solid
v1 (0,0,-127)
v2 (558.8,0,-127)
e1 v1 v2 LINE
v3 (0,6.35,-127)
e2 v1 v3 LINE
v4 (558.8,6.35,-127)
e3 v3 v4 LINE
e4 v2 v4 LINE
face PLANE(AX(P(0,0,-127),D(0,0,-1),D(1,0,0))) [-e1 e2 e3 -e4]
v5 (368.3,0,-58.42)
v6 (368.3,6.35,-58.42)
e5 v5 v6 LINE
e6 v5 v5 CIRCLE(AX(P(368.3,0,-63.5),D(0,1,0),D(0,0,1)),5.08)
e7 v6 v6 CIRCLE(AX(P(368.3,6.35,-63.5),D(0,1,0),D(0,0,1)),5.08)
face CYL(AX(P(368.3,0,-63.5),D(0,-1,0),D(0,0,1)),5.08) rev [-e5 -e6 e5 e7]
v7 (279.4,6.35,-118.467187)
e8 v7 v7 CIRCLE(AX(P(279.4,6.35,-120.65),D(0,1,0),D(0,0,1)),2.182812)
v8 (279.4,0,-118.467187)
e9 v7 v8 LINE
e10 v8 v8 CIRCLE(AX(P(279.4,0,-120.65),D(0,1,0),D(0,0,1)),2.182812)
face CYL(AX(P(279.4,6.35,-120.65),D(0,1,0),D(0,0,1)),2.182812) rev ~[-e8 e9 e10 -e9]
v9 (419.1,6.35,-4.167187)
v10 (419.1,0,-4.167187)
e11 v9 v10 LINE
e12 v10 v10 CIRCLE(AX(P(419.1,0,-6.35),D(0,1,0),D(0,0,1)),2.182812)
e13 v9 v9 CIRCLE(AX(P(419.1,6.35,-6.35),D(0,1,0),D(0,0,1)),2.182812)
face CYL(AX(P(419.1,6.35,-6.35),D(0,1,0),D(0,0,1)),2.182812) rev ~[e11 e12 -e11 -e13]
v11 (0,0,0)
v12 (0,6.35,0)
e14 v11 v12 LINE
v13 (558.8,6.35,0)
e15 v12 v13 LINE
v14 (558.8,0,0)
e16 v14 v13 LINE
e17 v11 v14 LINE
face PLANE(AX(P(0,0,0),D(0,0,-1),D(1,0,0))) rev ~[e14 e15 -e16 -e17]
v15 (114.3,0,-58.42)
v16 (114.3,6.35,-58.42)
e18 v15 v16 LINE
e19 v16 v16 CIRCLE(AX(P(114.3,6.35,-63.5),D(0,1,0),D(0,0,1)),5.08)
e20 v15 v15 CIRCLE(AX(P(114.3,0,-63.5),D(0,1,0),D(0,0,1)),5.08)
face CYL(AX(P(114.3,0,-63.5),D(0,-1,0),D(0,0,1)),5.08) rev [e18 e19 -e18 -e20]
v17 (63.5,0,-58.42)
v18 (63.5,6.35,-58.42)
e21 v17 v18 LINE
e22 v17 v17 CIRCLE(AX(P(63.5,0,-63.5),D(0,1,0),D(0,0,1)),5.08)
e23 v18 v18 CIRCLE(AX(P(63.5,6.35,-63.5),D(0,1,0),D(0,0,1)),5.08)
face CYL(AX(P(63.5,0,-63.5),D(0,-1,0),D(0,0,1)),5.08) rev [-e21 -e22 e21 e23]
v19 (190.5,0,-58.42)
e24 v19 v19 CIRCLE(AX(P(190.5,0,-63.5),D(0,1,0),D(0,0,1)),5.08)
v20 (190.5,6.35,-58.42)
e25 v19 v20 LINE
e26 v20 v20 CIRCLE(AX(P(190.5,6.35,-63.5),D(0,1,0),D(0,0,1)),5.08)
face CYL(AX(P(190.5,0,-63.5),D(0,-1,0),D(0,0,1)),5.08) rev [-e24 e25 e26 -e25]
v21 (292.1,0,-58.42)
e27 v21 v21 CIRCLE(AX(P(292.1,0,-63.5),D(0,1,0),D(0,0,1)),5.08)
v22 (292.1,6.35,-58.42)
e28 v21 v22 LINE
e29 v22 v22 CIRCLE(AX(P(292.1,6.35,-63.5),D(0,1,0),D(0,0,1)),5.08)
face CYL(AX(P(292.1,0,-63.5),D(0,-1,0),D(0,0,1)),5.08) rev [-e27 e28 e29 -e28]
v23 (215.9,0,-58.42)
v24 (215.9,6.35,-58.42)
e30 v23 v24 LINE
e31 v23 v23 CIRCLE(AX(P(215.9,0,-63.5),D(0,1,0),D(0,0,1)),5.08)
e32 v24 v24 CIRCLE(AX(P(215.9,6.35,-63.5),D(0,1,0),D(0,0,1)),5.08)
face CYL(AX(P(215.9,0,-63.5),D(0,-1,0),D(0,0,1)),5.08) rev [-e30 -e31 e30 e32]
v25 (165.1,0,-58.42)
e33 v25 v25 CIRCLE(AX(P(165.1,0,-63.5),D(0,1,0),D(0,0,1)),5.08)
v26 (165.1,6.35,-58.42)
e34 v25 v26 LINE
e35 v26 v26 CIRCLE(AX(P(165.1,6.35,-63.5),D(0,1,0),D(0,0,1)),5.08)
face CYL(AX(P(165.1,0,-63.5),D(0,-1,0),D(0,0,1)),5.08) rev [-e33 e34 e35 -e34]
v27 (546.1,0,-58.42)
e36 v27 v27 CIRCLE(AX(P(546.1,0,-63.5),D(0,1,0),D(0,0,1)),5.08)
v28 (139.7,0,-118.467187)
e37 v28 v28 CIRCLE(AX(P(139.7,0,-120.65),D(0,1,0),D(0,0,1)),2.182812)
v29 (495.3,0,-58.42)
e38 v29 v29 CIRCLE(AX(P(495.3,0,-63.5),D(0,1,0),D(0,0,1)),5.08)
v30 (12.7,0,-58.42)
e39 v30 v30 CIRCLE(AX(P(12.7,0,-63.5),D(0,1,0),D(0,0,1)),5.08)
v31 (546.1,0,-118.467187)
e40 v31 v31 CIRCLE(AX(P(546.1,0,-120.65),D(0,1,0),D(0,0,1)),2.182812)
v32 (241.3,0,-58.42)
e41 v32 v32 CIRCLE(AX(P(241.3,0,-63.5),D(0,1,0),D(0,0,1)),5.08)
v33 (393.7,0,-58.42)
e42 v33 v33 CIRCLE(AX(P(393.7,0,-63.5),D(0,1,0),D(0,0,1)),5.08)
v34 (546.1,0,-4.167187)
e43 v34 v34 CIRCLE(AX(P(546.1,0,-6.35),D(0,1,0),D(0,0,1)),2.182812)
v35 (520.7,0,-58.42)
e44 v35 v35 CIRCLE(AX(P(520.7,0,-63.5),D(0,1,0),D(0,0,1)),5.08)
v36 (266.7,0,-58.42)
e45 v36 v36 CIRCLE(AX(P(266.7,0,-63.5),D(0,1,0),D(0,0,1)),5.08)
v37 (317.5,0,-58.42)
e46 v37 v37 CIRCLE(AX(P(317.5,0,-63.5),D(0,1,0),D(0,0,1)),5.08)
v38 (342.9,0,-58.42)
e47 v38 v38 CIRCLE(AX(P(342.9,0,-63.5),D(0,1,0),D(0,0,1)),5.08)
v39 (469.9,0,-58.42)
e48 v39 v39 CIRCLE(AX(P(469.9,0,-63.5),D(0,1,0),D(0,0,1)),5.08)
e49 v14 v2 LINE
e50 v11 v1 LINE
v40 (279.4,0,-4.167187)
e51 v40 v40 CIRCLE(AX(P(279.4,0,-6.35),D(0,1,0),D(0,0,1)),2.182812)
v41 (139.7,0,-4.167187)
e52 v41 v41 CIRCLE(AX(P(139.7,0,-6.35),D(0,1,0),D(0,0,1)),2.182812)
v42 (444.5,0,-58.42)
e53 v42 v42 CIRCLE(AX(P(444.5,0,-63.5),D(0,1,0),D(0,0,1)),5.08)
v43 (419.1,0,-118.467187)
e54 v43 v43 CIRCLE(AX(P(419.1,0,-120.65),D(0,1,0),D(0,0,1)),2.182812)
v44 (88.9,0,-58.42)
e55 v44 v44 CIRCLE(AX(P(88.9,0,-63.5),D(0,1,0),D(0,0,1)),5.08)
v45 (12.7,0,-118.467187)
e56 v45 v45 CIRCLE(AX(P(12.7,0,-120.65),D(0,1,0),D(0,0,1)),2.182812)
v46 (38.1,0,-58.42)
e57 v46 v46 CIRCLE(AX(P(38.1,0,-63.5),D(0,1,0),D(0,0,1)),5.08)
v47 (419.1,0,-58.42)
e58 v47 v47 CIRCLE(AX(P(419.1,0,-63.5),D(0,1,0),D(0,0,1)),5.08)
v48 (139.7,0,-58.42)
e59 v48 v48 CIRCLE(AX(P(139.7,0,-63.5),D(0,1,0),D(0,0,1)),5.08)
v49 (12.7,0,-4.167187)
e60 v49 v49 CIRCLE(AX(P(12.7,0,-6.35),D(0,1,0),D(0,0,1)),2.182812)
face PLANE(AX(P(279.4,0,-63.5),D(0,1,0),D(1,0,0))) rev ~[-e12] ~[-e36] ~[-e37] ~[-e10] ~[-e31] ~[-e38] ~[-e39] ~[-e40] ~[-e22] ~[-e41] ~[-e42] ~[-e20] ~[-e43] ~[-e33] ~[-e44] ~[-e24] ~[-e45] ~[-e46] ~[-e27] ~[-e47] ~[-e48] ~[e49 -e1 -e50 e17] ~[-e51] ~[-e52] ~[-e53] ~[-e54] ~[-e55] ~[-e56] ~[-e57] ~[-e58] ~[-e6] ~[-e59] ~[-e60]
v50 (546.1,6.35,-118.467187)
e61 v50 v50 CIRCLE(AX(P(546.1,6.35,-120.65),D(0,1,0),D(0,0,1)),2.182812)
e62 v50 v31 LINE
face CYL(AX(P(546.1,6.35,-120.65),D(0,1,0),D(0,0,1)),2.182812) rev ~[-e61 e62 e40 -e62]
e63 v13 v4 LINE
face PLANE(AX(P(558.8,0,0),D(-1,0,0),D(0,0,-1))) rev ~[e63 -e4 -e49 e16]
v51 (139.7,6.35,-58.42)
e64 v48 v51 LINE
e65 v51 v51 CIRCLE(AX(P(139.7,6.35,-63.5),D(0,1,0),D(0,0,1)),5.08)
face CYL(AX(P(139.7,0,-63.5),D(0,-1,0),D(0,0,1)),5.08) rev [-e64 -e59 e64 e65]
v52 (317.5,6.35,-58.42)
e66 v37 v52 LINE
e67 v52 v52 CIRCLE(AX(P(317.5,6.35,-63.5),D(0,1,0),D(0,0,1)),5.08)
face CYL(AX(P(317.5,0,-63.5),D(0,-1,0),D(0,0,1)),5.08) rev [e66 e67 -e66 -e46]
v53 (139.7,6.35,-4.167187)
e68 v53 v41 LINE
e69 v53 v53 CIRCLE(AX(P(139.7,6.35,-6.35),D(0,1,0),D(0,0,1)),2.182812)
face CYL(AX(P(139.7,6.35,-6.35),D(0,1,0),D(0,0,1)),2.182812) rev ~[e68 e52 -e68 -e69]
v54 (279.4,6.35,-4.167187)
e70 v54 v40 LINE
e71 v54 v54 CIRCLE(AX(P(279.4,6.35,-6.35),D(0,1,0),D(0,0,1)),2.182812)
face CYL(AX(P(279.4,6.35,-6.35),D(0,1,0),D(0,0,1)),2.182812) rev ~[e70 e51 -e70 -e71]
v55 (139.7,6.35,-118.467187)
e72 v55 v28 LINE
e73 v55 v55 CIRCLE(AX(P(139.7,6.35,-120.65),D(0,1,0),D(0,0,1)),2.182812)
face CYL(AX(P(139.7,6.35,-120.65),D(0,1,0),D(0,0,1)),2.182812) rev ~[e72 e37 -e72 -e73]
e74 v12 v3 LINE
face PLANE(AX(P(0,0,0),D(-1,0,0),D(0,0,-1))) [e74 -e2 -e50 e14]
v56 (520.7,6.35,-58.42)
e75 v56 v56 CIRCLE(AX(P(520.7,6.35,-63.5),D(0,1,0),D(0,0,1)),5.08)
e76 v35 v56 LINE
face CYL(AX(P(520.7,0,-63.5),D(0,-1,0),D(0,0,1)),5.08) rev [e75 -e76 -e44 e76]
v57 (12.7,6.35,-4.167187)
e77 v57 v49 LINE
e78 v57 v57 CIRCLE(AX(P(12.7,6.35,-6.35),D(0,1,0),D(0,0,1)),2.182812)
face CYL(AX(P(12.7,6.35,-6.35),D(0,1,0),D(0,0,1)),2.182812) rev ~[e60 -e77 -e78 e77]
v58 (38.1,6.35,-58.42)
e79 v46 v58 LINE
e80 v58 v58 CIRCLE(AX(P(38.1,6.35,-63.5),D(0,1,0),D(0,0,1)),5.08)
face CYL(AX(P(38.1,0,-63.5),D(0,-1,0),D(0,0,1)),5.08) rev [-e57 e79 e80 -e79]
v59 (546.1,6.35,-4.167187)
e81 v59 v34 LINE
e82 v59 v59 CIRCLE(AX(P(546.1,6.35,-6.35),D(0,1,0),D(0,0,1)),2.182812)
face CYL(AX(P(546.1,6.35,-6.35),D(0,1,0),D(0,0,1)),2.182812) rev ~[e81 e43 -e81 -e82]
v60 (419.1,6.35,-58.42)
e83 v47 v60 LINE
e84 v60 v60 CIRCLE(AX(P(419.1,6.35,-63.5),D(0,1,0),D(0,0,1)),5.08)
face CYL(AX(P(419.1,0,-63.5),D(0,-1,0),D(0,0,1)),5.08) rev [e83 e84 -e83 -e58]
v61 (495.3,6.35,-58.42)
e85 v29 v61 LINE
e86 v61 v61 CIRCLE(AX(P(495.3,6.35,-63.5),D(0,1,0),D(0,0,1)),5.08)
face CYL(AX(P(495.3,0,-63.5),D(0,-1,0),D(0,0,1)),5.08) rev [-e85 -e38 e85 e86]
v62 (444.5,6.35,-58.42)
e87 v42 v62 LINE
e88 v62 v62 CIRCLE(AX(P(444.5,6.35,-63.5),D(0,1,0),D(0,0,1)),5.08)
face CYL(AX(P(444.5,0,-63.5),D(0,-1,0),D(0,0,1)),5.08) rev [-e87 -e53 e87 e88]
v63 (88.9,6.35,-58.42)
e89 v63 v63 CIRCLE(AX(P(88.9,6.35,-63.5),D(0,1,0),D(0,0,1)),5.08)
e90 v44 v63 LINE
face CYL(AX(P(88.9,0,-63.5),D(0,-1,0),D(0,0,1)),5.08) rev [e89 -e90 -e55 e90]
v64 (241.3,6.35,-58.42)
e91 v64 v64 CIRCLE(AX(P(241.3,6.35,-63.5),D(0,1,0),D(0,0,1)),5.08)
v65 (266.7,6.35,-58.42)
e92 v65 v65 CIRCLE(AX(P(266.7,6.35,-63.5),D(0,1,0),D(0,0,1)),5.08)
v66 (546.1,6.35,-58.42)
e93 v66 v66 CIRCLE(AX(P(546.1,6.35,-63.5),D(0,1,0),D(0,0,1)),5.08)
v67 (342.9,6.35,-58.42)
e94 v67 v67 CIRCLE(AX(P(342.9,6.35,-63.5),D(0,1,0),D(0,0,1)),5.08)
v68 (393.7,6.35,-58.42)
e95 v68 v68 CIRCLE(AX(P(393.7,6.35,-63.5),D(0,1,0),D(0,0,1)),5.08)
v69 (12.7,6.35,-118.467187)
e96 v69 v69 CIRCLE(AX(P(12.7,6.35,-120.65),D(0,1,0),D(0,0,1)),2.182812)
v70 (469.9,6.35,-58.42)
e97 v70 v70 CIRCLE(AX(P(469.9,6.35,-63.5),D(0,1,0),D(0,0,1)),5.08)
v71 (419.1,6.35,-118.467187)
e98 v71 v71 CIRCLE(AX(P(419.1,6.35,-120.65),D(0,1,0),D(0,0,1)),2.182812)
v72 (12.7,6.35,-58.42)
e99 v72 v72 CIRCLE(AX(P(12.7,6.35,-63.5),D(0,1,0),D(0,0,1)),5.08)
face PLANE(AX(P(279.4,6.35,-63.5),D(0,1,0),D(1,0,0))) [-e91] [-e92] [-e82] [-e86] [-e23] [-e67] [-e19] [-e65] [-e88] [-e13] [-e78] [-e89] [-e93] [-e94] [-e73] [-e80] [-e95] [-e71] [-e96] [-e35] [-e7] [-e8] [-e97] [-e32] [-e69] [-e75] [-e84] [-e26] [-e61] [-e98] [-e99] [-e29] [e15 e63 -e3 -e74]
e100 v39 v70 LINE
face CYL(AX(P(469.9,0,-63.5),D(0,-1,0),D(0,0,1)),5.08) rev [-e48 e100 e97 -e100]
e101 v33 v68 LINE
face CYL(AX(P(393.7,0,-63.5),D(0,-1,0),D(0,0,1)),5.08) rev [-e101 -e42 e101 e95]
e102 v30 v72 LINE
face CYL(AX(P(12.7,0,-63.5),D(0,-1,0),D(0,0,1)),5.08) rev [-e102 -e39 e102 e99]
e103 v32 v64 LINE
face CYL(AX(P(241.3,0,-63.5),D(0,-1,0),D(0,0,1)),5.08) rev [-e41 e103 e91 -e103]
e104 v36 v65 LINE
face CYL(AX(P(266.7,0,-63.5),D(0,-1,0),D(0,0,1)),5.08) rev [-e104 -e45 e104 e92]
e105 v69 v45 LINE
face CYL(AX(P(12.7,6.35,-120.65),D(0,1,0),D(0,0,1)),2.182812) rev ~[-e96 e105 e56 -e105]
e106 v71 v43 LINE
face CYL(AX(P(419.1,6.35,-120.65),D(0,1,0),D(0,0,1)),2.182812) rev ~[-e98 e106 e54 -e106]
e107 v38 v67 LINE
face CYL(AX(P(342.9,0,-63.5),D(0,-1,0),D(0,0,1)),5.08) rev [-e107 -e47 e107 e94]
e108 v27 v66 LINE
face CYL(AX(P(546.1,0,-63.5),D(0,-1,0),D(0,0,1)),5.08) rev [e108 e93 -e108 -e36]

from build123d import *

# Parameters (mm, degrees)
SKETCH2_W           = 558.8
SKETCH2_H           = 127
SKETCH2_R           = 5.08
BOSS_EXTRUDE1_DEPTH = 6.35
SKETCH3_R           = 2.1828125
CUT_EXTRUDE1_DEPTH  = 6.35


with BuildPart() as part:
    # Sketch2 → Boss-Extrude1 (new body)
    with BuildSketch(Plane(origin=(0, 0, 0), x_dir=(1, 0, 0), z_dir=(0, 1, 0))):
        with Locations((279.4, 63.5)):
            Rectangle(SKETCH2_W, SKETCH2_H)
        with Locations(Location((12.7, 63.5, 0), (0, 0, 270))):
            Circle(SKETCH2_R, mode=Mode.SUBTRACT)
        with Locations(Location((38.1, 63.5, 0), (0, 0, 270))):
            Circle(SKETCH2_R, mode=Mode.SUBTRACT)
        with Locations(Location((63.5, 63.5, 0), (0, 0, 270))):
            Circle(SKETCH2_R, mode=Mode.SUBTRACT)
        with Locations(Location((88.9, 63.5, 0), (0, 0, 270))):
            Circle(SKETCH2_R, mode=Mode.SUBTRACT)
        with Locations(Location((114.3, 63.5, 0), (0, 0, 270))):
            Circle(SKETCH2_R, mode=Mode.SUBTRACT)
        with Locations(Location((139.7, 63.5, 0), (0, 0, 270))):
            Circle(SKETCH2_R, mode=Mode.SUBTRACT)
        with Locations(Location((165.1, 63.5, 0), (0, 0, 270))):
            Circle(SKETCH2_R, mode=Mode.SUBTRACT)
        with Locations(Location((190.5, 63.5, 0), (0, 0, 270))):
            Circle(SKETCH2_R, mode=Mode.SUBTRACT)
        with Locations(Location((215.9, 63.5, 0), (0, 0, 270))):
            Circle(SKETCH2_R, mode=Mode.SUBTRACT)
        with Locations(Location((241.3, 63.5, 0), (0, 0, 270))):
            Circle(SKETCH2_R, mode=Mode.SUBTRACT)
        with Locations(Location((266.7, 63.5, 0), (0, 0, 270))):
            Circle(SKETCH2_R, mode=Mode.SUBTRACT)
        with Locations(Location((292.1, 63.5, 0), (0, 0, 270))):
            Circle(SKETCH2_R, mode=Mode.SUBTRACT)
        with Locations(Location((317.5, 63.5, 0), (0, 0, 270))):
            Circle(SKETCH2_R, mode=Mode.SUBTRACT)
        with Locations(Location((342.9, 63.5, 0), (0, 0, 270))):
            Circle(SKETCH2_R, mode=Mode.SUBTRACT)
        with Locations(Location((368.3, 63.5, 0), (0, 0, 270))):
            Circle(SKETCH2_R, mode=Mode.SUBTRACT)
        with Locations(Location((393.7, 63.5, 0), (0, 0, 270))):
            Circle(SKETCH2_R, mode=Mode.SUBTRACT)
        with Locations(Location((419.1, 63.5, 0), (0, 0, 270))):
            Circle(SKETCH2_R, mode=Mode.SUBTRACT)
        with Locations(Location((444.5, 63.5, 0), (0, 0, 270))):
            Circle(SKETCH2_R, mode=Mode.SUBTRACT)
        with Locations(Location((469.9, 63.5, 0), (0, 0, 270))):
            Circle(SKETCH2_R, mode=Mode.SUBTRACT)
        with Locations(Location((495.3, 63.5, 0), (0, 0, 270))):
            Circle(SKETCH2_R, mode=Mode.SUBTRACT)
        with Locations(Location((520.7, 63.5, 0), (0, 0, 270))):
            Circle(SKETCH2_R, mode=Mode.SUBTRACT)
        with Locations(Location((546.1, 63.5, 0), (0, 0, 270))):
            Circle(SKETCH2_R, mode=Mode.SUBTRACT)
    extrude(amount=BOSS_EXTRUDE1_DEPTH)

    # Sketch3 → Cut-Extrude1 (cut)
    with BuildSketch(Plane(origin=(0, 6.35, 0), x_dir=(1, 0, 0), z_dir=(0, 1, 0))):
        with Locations(Location((12.7, 120.65, 0), (0, 0, 270))):
            Circle(SKETCH3_R)
        with Locations(Location((139.7, 120.65, 0), (0, 0, 270))):
            Circle(SKETCH3_R)
        with Locations(Location((279.4, 120.65, 0), (0, 0, 270))):
            Circle(SKETCH3_R)
        with Locations(Location((419.1, 120.65, 0), (0, 0, 270))):
            Circle(SKETCH3_R)
        with Locations(Location((546.1, 120.65, 0), (0, 0, 270))):
            Circle(SKETCH3_R)
        with Locations(Location((546.1, 6.35, 0), (0, 0, 270))):
            Circle(SKETCH3_R)
        with Locations(Location((419.1, 6.35, 0), (0, 0, 270))):
            Circle(SKETCH3_R)
        with Locations(Location((279.4, 6.35, 0), (0, 0, 270))):
            Circle(SKETCH3_R)
        with Locations(Location((139.7, 6.35, 0), (0, 0, 270))):
            Circle(SKETCH3_R)
        with Locations(Location((12.7, 6.35, 0), (0, 0, 270))):
            Circle(SKETCH3_R)
    extrude(amount=-CUT_EXTRUDE1_DEPTH, mode=Mode.SUBTRACT)


solid = part.part
